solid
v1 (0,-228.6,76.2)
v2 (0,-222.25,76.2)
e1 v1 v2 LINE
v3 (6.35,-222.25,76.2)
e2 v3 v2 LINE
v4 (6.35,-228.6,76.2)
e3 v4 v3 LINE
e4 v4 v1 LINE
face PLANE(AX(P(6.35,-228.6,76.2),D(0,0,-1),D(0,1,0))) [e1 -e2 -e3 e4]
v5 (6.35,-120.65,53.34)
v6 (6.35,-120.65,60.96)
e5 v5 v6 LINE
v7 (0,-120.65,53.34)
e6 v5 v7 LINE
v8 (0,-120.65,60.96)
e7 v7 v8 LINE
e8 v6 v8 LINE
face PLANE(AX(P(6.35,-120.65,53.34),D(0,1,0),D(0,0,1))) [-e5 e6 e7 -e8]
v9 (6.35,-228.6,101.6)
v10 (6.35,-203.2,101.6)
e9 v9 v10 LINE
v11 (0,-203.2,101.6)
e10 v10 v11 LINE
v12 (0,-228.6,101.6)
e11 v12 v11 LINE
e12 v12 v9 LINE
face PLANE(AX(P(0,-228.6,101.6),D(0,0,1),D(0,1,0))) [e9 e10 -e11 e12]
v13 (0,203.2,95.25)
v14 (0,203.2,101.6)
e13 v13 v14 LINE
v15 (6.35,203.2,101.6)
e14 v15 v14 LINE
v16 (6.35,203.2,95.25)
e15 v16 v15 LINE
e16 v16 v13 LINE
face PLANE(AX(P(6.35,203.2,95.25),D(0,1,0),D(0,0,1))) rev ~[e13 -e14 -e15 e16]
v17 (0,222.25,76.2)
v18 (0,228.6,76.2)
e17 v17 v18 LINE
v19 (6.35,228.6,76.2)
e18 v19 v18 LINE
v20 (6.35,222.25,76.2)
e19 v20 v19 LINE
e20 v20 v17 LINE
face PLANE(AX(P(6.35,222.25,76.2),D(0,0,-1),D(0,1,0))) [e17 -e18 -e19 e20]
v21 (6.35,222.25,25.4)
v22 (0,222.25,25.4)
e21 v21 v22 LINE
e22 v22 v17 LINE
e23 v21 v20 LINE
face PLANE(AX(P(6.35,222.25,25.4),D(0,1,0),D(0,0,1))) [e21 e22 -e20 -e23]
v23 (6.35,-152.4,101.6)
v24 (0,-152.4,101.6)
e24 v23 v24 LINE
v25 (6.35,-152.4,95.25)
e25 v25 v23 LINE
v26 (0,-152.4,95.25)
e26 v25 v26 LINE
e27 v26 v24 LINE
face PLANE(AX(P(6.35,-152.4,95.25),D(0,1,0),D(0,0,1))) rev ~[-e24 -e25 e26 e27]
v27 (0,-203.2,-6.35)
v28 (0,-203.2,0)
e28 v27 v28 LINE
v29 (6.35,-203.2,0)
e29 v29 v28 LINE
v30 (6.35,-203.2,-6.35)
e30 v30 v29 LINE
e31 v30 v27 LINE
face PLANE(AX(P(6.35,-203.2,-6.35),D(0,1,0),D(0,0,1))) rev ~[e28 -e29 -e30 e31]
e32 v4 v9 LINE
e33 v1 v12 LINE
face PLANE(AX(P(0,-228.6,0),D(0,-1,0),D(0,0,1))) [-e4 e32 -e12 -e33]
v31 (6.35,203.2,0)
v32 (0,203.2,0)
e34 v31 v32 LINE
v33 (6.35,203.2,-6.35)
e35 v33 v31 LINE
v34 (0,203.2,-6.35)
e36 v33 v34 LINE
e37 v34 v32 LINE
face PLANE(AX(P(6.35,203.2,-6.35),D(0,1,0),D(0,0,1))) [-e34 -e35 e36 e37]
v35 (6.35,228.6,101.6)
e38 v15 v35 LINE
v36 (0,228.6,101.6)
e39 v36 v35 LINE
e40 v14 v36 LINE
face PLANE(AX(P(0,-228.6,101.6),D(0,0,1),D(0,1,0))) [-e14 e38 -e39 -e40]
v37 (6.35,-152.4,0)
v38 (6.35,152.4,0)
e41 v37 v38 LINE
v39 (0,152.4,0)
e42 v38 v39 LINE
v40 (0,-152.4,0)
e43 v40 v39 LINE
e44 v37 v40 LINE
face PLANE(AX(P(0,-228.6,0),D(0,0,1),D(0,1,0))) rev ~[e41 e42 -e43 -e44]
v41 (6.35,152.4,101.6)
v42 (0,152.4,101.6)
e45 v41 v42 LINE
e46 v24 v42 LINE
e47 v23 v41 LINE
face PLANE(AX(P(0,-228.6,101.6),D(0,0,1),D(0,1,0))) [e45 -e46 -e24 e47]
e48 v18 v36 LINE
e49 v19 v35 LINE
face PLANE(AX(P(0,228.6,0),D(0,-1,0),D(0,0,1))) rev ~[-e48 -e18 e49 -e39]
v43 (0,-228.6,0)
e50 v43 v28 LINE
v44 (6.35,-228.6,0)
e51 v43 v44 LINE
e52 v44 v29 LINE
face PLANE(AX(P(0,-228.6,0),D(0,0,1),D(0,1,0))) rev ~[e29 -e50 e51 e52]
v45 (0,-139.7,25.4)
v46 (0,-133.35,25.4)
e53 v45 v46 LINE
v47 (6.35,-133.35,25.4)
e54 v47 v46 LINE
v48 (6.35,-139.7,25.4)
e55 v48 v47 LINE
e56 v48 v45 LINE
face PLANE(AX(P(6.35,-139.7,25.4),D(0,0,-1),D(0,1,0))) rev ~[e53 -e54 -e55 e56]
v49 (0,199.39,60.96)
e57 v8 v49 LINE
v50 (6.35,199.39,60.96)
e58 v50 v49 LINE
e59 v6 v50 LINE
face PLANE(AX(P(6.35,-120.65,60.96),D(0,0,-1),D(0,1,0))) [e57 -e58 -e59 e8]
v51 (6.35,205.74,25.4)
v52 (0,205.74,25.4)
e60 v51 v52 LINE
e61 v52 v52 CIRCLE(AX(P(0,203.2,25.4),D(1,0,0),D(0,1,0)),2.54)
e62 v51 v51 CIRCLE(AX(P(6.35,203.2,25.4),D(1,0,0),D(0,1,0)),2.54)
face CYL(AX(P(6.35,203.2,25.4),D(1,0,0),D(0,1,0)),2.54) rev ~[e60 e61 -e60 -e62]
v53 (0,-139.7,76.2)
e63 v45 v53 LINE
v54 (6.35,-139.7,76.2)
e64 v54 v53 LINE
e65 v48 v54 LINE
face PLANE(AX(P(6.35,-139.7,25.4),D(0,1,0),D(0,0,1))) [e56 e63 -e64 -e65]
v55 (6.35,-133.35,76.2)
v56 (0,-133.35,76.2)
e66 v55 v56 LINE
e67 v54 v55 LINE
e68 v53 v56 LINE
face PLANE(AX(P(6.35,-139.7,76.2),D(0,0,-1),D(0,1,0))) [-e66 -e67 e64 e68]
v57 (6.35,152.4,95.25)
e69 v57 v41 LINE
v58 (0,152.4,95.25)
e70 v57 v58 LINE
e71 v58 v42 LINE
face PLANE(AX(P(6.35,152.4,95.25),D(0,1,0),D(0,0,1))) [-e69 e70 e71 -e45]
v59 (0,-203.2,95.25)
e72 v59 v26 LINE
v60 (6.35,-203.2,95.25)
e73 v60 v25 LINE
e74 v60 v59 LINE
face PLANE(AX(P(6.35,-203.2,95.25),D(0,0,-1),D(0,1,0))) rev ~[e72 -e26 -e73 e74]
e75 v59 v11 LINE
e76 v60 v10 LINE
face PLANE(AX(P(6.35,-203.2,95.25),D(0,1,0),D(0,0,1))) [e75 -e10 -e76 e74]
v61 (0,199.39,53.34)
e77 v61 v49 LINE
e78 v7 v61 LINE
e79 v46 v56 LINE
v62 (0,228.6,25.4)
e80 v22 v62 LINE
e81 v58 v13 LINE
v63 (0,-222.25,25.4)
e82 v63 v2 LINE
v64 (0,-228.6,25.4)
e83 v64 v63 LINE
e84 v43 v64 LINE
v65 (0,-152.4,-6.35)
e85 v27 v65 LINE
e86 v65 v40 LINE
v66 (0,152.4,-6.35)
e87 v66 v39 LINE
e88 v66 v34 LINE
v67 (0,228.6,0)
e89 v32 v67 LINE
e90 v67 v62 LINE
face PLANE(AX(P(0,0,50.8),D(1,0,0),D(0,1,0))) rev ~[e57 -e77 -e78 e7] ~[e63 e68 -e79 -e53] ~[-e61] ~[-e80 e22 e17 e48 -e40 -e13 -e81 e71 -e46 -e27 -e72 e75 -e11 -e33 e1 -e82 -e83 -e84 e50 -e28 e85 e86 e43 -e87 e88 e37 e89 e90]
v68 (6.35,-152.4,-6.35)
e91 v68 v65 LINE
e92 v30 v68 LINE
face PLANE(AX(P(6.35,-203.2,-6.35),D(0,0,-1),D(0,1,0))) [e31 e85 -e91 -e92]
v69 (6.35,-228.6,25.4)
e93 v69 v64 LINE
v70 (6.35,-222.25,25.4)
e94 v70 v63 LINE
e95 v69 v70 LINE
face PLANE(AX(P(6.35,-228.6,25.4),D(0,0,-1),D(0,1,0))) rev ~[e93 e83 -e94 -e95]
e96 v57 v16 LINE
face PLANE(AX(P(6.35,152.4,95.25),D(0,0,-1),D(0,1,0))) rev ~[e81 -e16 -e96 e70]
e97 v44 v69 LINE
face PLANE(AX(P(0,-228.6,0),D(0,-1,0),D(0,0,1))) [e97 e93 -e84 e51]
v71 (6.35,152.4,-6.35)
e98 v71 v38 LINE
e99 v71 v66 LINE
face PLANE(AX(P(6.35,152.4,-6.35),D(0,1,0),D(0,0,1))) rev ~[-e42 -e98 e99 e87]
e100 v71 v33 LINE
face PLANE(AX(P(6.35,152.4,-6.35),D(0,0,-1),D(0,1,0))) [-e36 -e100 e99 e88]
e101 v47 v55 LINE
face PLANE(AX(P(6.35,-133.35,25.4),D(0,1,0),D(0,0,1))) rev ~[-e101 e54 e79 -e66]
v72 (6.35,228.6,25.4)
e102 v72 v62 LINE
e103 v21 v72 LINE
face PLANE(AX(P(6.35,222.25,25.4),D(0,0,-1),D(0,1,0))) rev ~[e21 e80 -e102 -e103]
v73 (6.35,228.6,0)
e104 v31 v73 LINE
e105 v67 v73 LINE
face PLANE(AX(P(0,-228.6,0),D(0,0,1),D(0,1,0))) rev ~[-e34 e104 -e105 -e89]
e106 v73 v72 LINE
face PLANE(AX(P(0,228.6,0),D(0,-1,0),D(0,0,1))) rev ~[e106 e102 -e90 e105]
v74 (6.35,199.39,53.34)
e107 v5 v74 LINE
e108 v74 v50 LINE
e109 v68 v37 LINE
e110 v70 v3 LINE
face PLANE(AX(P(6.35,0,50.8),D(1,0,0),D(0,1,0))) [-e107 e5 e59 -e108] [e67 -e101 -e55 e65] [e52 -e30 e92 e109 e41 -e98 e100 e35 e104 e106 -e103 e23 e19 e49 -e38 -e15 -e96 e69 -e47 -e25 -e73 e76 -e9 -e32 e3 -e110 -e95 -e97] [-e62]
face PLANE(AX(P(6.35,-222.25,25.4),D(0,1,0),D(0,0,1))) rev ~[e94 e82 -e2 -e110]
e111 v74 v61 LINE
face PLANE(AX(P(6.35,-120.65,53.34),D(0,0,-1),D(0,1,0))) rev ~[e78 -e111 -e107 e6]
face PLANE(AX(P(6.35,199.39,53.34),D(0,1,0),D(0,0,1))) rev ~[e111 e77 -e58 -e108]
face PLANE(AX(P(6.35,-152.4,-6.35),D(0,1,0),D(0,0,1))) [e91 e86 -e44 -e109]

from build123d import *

# Parameters (mm, degrees)
F0_W      = 457.2
F0_H      = 101.6
F1_DEPTH  = 6.35
F2_W      = 50.8
F2_H      = 6.35
F3_DEPTH  = 6.35
F4_R      = 2.54
F5_DEPTH  = 6.351
F6_W      = 6.35
F6_H      = 50.8
F7_DEPTH  = 25.4
F9_W      = 6.35
F9_H      = 50.8
F10_DEPTH = 25.4
F11_W     = 50.8
F11_H     = 6.35
F12_DEPTH = 25.4
F13_W     = 320.04
F13_H     = 7.62
F14_DEPTH = 25.4


with BuildPart() as f1:
    # F0 (on Right) → F1 (new body)
    with BuildSketch(Plane.YZ):
        with Locations((0, 50.8)):
            Rectangle(F0_W, F0_H)
    extrude(amount=F1_DEPTH)

    # F4 (on face) → F5 (cut, through all)
    with BuildSketch(Plane.YZ.offset(6.35)):
        with Locations((203.2, 25.4)):
            Circle(F4_R)
    extrude(amount=-F5_DEPTH, mode=Mode.SUBTRACT)

    # F6 (on face) → F7 (cut)
    with BuildSketch(Plane.YZ.offset(6.35)):
        with Locations((225.425, 50.8)):
            Rectangle(F6_W, F6_H)
        with Locations((-225.425, 50.8)):
            Rectangle(F6_W, F6_H)
    extrude(amount=-F7_DEPTH, mode=Mode.SUBTRACT)


with BuildPart() as f3:
    # F2 (on face) → F3 (new body)
    with BuildSketch(Plane.YZ.offset(6.35)):
        with Locations((177.8, -3.175)):
            Rectangle(F2_W, F2_H)
        with Locations((-177.8, -3.175)):
            Rectangle(F2_W, F2_H)
    extrude(amount=-F3_DEPTH)

    # F8: union F1
    add(f1.part)

    # F9 (on face) → F10 (cut)
    with BuildSketch(Plane.YZ.offset(6.35)):
        with Locations((-136.525, 50.8)):
            Rectangle(F9_W, F9_H)
    extrude(amount=-F10_DEPTH, mode=Mode.SUBTRACT)

    # F11 (on face) → F12 (cut)
    with BuildSketch(Plane.YZ.offset(6.35)):
        with Locations((-177.8, 98.425)):
            Rectangle(F11_W, F11_H)
        with Locations((177.8, 98.425)):
            Rectangle(F11_W, F11_H)
    extrude(amount=-F12_DEPTH, mode=Mode.SUBTRACT)

    # F13 (on face) → F14 (cut)
    with BuildSketch(Plane.YZ.offset(6.35)):
        with Locations((39.37, 57.15)):
            Rectangle(F13_W, F13_H)
    extrude(amount=-F14_DEPTH, mode=Mode.SUBTRACT)


solid = f3.part
